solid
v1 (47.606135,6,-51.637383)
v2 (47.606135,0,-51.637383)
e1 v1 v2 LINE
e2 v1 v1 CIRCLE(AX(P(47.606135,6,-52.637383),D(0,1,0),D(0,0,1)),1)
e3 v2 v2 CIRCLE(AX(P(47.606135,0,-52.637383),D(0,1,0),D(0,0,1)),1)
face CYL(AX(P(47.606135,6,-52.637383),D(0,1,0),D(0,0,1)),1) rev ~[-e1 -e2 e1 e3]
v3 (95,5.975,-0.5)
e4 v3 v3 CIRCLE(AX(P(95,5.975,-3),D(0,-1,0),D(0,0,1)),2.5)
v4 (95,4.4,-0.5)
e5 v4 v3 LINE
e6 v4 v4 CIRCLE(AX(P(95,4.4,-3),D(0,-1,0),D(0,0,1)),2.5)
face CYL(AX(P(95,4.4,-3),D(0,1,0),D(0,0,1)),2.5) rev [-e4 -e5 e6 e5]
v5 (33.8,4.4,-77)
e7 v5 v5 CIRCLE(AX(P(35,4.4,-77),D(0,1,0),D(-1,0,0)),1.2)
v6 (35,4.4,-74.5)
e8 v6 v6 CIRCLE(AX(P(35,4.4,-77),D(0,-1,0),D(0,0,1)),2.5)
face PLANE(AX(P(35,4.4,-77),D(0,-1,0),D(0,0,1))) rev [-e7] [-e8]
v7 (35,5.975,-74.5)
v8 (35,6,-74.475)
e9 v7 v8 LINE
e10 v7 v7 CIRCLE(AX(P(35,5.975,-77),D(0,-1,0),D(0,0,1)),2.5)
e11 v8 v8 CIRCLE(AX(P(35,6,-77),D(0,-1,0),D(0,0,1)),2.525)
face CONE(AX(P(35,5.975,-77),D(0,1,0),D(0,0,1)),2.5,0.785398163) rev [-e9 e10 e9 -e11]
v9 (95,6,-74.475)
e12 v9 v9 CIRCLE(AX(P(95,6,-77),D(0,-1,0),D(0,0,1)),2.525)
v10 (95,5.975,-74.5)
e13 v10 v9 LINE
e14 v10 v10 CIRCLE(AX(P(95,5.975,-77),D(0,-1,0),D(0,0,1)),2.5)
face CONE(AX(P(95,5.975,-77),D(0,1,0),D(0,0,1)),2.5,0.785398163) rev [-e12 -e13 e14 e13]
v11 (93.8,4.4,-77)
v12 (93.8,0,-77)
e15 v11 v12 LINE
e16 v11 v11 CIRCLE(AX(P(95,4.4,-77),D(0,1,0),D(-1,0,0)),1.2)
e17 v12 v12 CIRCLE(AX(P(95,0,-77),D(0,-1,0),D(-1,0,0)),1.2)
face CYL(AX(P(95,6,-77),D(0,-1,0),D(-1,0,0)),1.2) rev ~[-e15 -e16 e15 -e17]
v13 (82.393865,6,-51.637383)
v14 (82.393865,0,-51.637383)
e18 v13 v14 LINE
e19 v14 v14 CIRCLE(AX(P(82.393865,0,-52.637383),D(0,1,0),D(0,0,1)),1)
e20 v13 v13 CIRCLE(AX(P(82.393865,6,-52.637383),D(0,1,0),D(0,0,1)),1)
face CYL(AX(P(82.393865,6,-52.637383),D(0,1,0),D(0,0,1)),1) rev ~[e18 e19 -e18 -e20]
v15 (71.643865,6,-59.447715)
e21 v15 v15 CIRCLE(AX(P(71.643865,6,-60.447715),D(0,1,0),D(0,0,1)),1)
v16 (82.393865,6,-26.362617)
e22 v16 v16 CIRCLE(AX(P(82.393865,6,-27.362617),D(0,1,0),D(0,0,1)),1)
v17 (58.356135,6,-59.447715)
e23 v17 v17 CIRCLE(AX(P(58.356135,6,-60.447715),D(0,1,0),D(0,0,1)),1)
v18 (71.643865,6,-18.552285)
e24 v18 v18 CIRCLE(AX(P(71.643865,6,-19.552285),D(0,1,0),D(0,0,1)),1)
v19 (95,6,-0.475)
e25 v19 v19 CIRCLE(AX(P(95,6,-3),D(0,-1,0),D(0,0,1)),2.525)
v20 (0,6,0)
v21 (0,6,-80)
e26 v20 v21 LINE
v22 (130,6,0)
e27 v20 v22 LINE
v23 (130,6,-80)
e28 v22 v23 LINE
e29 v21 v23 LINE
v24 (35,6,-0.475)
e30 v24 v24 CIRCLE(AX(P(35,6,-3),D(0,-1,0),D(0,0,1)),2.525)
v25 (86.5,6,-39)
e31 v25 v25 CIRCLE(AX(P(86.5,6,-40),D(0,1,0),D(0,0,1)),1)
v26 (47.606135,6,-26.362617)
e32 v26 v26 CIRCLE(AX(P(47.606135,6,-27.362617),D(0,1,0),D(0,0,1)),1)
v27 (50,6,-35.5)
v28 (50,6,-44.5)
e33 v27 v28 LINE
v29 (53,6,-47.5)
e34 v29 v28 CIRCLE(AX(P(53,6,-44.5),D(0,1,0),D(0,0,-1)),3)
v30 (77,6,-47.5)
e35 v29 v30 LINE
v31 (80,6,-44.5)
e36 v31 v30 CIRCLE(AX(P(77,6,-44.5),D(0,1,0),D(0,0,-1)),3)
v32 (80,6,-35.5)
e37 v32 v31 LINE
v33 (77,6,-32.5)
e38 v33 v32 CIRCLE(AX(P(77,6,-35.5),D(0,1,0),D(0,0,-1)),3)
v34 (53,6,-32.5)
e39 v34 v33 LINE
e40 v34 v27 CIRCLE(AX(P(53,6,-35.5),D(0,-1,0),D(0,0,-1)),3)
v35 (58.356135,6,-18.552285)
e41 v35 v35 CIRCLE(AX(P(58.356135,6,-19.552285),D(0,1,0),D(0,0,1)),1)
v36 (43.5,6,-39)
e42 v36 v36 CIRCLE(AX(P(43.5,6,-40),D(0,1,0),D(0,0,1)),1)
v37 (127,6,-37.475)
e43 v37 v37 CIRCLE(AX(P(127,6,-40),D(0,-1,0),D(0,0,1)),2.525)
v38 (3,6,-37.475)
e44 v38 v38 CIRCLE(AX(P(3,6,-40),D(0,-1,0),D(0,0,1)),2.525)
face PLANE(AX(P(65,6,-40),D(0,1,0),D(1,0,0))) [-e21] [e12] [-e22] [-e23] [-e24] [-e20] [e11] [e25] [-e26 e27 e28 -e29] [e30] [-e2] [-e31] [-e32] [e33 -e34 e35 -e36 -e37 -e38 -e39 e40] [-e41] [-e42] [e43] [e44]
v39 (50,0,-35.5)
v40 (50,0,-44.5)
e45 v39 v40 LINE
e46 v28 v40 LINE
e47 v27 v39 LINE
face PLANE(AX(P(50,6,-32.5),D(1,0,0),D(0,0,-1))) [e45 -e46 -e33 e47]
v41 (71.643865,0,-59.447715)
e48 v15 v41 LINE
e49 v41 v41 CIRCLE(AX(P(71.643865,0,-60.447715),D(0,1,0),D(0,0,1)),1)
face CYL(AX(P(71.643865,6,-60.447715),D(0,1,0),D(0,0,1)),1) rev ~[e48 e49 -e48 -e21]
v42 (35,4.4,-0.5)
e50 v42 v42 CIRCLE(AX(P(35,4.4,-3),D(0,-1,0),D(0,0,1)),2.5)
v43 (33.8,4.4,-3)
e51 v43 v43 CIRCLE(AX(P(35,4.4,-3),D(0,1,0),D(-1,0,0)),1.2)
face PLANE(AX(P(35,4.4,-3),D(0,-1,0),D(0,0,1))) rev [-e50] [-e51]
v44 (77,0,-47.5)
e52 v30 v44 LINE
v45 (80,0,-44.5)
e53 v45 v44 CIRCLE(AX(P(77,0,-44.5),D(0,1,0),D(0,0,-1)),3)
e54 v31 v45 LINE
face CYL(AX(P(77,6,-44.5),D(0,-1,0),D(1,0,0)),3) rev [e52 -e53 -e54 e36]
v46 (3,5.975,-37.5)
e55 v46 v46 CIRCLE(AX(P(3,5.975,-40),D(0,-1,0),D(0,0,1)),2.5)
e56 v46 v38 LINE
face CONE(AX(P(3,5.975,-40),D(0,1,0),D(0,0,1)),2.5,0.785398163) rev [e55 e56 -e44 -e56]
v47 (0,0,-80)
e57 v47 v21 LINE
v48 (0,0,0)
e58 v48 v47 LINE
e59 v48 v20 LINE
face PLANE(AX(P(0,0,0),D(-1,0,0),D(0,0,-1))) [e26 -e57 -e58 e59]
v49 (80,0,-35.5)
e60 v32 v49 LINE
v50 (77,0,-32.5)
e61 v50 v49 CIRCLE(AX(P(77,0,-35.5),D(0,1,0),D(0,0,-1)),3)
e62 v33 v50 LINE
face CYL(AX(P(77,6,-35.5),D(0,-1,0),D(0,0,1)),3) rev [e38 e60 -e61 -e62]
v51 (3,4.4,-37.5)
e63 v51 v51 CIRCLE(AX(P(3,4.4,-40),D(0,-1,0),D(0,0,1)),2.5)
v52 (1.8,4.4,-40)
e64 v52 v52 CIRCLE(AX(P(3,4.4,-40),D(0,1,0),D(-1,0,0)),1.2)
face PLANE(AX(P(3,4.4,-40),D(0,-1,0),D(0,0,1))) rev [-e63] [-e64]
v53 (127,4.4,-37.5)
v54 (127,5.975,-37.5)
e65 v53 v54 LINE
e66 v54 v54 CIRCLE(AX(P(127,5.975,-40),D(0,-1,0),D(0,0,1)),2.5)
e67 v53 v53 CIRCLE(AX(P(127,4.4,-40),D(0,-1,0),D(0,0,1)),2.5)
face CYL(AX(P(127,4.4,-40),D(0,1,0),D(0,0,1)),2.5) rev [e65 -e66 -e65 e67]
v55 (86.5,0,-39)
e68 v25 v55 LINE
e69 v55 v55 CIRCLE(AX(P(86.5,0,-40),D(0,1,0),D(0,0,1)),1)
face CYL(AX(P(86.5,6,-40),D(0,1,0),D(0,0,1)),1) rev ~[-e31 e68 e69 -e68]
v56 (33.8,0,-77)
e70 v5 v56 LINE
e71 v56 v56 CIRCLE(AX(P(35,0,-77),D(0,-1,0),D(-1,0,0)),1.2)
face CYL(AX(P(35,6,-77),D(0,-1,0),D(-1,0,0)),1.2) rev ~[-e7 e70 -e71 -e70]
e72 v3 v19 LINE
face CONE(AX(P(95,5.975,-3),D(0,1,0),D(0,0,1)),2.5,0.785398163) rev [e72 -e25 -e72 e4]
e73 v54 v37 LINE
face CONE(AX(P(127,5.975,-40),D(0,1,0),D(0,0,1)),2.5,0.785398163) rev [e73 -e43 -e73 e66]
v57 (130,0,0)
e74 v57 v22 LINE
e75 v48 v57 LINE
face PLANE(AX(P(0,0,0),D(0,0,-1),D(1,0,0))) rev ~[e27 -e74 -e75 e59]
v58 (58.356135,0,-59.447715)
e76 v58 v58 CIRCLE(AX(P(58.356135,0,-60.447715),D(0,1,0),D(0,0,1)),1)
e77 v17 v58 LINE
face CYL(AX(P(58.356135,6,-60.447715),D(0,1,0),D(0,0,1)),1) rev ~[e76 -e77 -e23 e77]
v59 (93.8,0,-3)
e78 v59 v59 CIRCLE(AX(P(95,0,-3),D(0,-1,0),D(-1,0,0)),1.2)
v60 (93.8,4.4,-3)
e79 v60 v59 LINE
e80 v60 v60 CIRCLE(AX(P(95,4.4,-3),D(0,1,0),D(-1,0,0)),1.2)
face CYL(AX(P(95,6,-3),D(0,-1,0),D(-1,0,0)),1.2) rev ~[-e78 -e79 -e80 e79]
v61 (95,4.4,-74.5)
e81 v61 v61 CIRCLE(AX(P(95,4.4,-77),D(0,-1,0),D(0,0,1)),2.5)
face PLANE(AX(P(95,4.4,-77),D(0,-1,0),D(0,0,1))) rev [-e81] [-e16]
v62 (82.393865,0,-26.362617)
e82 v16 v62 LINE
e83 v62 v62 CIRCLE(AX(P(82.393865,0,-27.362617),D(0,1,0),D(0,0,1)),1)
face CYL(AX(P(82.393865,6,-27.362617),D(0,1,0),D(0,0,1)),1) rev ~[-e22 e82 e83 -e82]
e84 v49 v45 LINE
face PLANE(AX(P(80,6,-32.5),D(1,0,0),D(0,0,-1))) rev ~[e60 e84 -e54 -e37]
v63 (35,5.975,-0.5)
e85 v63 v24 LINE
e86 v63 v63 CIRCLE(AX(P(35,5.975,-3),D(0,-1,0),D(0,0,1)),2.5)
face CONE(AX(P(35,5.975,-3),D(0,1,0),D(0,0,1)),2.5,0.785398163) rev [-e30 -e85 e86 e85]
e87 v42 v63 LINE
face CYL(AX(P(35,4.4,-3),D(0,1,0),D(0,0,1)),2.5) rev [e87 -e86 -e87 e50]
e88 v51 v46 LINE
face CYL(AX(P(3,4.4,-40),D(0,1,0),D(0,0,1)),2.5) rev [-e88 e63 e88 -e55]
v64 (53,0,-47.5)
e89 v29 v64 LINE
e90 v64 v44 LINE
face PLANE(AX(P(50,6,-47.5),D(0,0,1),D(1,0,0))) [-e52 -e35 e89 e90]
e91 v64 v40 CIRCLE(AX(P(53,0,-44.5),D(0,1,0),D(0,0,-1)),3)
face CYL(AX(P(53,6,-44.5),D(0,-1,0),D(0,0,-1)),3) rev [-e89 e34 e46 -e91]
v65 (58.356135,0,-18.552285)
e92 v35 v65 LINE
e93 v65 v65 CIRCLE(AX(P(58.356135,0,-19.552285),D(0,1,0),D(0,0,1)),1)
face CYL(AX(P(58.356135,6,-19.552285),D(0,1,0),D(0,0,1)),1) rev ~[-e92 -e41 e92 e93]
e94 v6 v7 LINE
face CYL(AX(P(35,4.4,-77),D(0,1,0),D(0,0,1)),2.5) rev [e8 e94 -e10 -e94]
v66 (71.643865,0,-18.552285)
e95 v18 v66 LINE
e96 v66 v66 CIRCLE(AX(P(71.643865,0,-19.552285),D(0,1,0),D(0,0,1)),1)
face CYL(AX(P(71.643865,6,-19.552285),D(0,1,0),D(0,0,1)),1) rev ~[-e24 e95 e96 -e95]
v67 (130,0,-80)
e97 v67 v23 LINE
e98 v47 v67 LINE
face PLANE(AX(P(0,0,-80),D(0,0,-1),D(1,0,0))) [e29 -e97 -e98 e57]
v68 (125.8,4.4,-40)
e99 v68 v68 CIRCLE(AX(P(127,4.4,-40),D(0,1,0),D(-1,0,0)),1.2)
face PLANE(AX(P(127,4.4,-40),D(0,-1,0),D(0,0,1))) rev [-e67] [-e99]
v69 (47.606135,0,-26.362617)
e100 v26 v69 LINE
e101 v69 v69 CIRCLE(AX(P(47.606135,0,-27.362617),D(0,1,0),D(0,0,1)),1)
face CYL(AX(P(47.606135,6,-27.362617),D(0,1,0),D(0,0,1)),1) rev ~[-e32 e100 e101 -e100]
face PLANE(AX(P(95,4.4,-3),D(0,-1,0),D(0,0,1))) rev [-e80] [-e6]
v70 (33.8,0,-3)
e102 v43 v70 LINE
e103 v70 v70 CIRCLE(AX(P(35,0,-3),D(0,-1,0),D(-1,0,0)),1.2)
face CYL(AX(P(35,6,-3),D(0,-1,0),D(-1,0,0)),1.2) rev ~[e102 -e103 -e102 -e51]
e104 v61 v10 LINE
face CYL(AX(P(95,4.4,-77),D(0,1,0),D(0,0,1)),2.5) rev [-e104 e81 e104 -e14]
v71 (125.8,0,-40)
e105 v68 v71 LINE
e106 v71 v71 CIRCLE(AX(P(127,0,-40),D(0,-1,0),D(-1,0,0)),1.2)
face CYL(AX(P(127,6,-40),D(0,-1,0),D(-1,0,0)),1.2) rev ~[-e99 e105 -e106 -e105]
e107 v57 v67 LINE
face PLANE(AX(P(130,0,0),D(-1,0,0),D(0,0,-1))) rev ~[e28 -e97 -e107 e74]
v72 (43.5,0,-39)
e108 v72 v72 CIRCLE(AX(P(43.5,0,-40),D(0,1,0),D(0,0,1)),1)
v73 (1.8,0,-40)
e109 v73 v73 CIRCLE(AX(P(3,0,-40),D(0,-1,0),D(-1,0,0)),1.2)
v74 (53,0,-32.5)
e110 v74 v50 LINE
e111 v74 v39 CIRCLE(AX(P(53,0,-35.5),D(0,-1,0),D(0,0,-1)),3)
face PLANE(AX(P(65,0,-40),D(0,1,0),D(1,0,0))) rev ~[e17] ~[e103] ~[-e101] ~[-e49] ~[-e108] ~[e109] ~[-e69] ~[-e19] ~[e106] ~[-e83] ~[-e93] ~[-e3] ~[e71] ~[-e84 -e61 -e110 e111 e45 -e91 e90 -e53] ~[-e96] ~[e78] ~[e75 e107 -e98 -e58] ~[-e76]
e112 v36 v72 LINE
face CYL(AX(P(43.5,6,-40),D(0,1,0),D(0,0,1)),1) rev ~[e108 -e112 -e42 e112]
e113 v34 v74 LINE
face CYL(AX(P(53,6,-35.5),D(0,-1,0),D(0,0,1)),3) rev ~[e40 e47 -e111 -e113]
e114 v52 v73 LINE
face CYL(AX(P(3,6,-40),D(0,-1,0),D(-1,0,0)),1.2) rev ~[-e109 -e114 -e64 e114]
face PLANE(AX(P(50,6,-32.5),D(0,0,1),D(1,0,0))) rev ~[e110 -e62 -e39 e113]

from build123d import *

# Parameters (mm, degrees)
SKIZZE1_W                                    = 130
SKIZZE1_H                                    = 80
AUFSATZ_LINEAR_AUSTRAGEN1_DEPTH              = 6
F_2_4_2_4_DURCHMESSER_BOHRUNG1_D             = 2.4
F_2_4_2_4_DURCHMESSER_BOHRUNG1_DEPTH         = 10
F_2_4_2_4_DURCHMESSER_BOHRUNG1_CSINK_D       = 2.45
F_2_4_2_4_DURCHMESSER_BOHRUNG1_CSINK_ANGLE   = 90
F_2_4_2_4_DURCHMESSER_BOHRUNG1_TIP           = 0.721032743
STIRNSENKUNG_F_R_M2_FLACHKOPFSCHRAUB_2_COUNT = 2
STIRNSENKUNG_F_R_M2_FLACHKOPFSCHRAUB_2_PITCH = 48.918299235
STIRNSENKUNG_F_R_M2_FLACHKOPFSCHRAUB_3_COUNT = 2
STIRNSENKUNG_F_R_M2_FLACHKOPFSCHRAUB_3_PITCH = 74
STIRNSENKUNG_F_R_M2_FLACHKOPFSCHRAUB_4_COUNT = 2
STIRNSENKUNG_F_R_M2_FLACHKOPFSCHRAUB_4_PITCH = 95.268042911
STIRNSENKUNG_F_R_M2_FLACHKOPFSCHRAUB_5_COUNT = 2
STIRNSENKUNG_F_R_M2_FLACHKOPFSCHRAUB_5_PITCH = 99.161484458
STIRNSENKUNG_F_R_M2_FLACHKOPFSCHRAUB_6_COUNT = 2
STIRNSENKUNG_F_R_M2_FLACHKOPFSCHRAUB_6_PITCH = 60
SKIZZE8_R                                    = 1
SKIZZE8_W                                    = 30
SKIZZE8_H                                    = 15
SCHNITT_LINEAR_AUSTRAGEN1_DEPTH              = 6
VERRUNDUNG1_R                                = 3


with BuildPart() as part:
    # Skizze1 → Aufsatz-Linear austragen1 (new body)
    with BuildSketch(Plane(origin=(0, 0, 0), x_dir=(1, 0, 0), z_dir=(0, 1, 0))):
        with Locations((65, 40)):
            Rectangle(SKIZZE1_W, SKIZZE1_H)
    extrude(amount=AUFSATZ_LINEAR_AUSTRAGEN1_DEPTH)

    # Ø2.4 (2.4) Durchmesser Bohrung1
    with Locations(Plane(origin=(0, 6, 0), x_dir=(1, 0, 0), z_dir=(0, 1, 0))):
        with Locations((35, 77), (95, 77), (127, 40), (95, 3), (35, 3), (3, 40), (133.088689194, 32.803420387)):
            CounterSinkHole(F_2_4_2_4_DURCHMESSER_BOHRUNG1_D / 2, F_2_4_2_4_DURCHMESSER_BOHRUNG1_CSINK_D / 2, depth=F_2_4_2_4_DURCHMESSER_BOHRUNG1_DEPTH, counter_sink_angle=F_2_4_2_4_DURCHMESSER_BOHRUNG1_CSINK_ANGLE)
            with Locations((0, 0, -(F_2_4_2_4_DURCHMESSER_BOHRUNG1_DEPTH + F_2_4_2_4_DURCHMESSER_BOHRUNG1_TIP / 2))):  # 118° drill point
                Cone(0, F_2_4_2_4_DURCHMESSER_BOHRUNG1_D / 2, F_2_4_2_4_DURCHMESSER_BOHRUNG1_TIP, mode=Mode.SUBTRACT)

    # Skizze7 → Stirnsenkung für M2 Flachkopfschraube mit Schlitz1 (revolve, cut)
    with BuildSketch(Plane(origin=(95, 6, -3), x_dir=(0, 0, 1), z_dir=(1, 0, 0))):
        Polygon((0, 0), (0, 2.721032743), (1.2, 2), (1.2, 1.6), (2.5, 1.6), (2.5, 0.025), (2.525, 0), align=None)
    stirnsenkung_f_r_m2_flachkopfschraube_mi = revolve(axis=Axis((95, 12.35, -3), (0, -1, 0)), mode=Mode.SUBTRACT)

    # Stirnsenkung f_r M2 Flachkopfschraub 2: Stirnsenkung für M2 Flachkopfschraube mit Schlitz1 ×2
    with Locations(*[Vector(0.6541519329315842, 0, -0.7563631724521444) * (i * STIRNSENKUNG_F_R_M2_FLACHKOPFSCHRAUB_2_PITCH) for i in range(1, STIRNSENKUNG_F_R_M2_FLACHKOPFSCHRAUB_2_COUNT)]):
        add(stirnsenkung_f_r_m2_flachkopfschraube_mi, mode=Mode.SUBTRACT)

    # Stirnsenkung f_r M2 Flachkopfschraub 3: Stirnsenkung für M2 Flachkopfschraube mit Schlitz1 ×2
    with Locations(*[(0, 0, -i * STIRNSENKUNG_F_R_M2_FLACHKOPFSCHRAUB_3_PITCH) for i in range(1, STIRNSENKUNG_F_R_M2_FLACHKOPFSCHRAUB_3_COUNT)]):
        add(stirnsenkung_f_r_m2_flachkopfschraube_mi, mode=Mode.SUBTRACT)

    # Stirnsenkung f_r M2 Flachkopfschraub 4: Stirnsenkung für M2 Flachkopfschraube mit Schlitz1 ×2
    with Locations(*[Vector(-0.6298019584212194, 0, -0.7767557487195037) * (i * STIRNSENKUNG_F_R_M2_FLACHKOPFSCHRAUB_4_PITCH) for i in range(1, STIRNSENKUNG_F_R_M2_FLACHKOPFSCHRAUB_4_COUNT)]):
        add(stirnsenkung_f_r_m2_flachkopfschraube_mi, mode=Mode.SUBTRACT)

    # Stirnsenkung f_r M2 Flachkopfschraub 5: Stirnsenkung für M2 Flachkopfschraube mit Schlitz1 ×2
    with Locations(*[Vector(-0.9277795759357077, 0, -0.37312874249588235) * (i * STIRNSENKUNG_F_R_M2_FLACHKOPFSCHRAUB_5_PITCH) for i in range(1, STIRNSENKUNG_F_R_M2_FLACHKOPFSCHRAUB_5_COUNT)]):
        add(stirnsenkung_f_r_m2_flachkopfschraube_mi, mode=Mode.SUBTRACT)

    # Stirnsenkung f_r M2 Flachkopfschraub 6: Stirnsenkung für M2 Flachkopfschraube mit Schlitz1 ×2
    with Locations(*[(-i * STIRNSENKUNG_F_R_M2_FLACHKOPFSCHRAUB_6_PITCH, 0, 0) for i in range(1, STIRNSENKUNG_F_R_M2_FLACHKOPFSCHRAUB_6_COUNT)]):
        add(stirnsenkung_f_r_m2_flachkopfschraube_mi, mode=Mode.SUBTRACT)

    # Skizze8 → Schnitt-Linear austragen1 (cut)
    with BuildSketch(Plane(origin=(0, 6, 0), x_dir=(1, 0, 0), z_dir=(0, 1, 0))):
        with Locations(Location((47.606134621, 52.637382924, 0), (0, 0, 270))):
            Circle(SKIZZE8_R)
        with Locations(Location((58.356134621, 60.4477151, 0), (0, 0, 270))):
            Circle(SKIZZE8_R)
        with Locations(Location((71.643865379, 60.4477151, 0), (0, 0, 270))):
            Circle(SKIZZE8_R)
        with Locations(Location((82.393865379, 52.637382924, 0), (0, 0, 270))):
            Circle(SKIZZE8_R)
        with Locations(Location((86.5, 40, 0), (0, 0, 270))):
            Circle(SKIZZE8_R)
        with Locations(Location((82.393865379, 27.362617076, 0), (0, 0, 270))):
            Circle(SKIZZE8_R)
        with Locations(Location((71.643865379, 19.5522849, 0), (0, 0, 270))):
            Circle(SKIZZE8_R)
        with Locations(Location((58.356134621, 19.5522849, 0), (0, 0, 270))):
            Circle(SKIZZE8_R)
        with Locations(Location((47.606134621, 27.362617076, 0), (0, 0, 270))):
            Circle(SKIZZE8_R)
        with Locations(Location((43.5, 40, 0), (0, 0, 270))):
            Circle(SKIZZE8_R)
        with Locations((65, 40)):
            Rectangle(SKIZZE8_W, SKIZZE8_H)
    extrude(amount=-SCHNITT_LINEAR_AUSTRAGEN1_DEPTH, mode=Mode.SUBTRACT)

    # Verrundung1
    verrundung1_edges = [part.edges().sort_by_distance(p)[0] for p in [
        (50, 3, -47.5),
        (50, 3, -32.5),
        (80, 3, -32.5),
        (80, 3, -47.5),
    ]]
    fillet(verrundung1_edges, radius=VERRUNDUNG1_R)


solid = part.part
